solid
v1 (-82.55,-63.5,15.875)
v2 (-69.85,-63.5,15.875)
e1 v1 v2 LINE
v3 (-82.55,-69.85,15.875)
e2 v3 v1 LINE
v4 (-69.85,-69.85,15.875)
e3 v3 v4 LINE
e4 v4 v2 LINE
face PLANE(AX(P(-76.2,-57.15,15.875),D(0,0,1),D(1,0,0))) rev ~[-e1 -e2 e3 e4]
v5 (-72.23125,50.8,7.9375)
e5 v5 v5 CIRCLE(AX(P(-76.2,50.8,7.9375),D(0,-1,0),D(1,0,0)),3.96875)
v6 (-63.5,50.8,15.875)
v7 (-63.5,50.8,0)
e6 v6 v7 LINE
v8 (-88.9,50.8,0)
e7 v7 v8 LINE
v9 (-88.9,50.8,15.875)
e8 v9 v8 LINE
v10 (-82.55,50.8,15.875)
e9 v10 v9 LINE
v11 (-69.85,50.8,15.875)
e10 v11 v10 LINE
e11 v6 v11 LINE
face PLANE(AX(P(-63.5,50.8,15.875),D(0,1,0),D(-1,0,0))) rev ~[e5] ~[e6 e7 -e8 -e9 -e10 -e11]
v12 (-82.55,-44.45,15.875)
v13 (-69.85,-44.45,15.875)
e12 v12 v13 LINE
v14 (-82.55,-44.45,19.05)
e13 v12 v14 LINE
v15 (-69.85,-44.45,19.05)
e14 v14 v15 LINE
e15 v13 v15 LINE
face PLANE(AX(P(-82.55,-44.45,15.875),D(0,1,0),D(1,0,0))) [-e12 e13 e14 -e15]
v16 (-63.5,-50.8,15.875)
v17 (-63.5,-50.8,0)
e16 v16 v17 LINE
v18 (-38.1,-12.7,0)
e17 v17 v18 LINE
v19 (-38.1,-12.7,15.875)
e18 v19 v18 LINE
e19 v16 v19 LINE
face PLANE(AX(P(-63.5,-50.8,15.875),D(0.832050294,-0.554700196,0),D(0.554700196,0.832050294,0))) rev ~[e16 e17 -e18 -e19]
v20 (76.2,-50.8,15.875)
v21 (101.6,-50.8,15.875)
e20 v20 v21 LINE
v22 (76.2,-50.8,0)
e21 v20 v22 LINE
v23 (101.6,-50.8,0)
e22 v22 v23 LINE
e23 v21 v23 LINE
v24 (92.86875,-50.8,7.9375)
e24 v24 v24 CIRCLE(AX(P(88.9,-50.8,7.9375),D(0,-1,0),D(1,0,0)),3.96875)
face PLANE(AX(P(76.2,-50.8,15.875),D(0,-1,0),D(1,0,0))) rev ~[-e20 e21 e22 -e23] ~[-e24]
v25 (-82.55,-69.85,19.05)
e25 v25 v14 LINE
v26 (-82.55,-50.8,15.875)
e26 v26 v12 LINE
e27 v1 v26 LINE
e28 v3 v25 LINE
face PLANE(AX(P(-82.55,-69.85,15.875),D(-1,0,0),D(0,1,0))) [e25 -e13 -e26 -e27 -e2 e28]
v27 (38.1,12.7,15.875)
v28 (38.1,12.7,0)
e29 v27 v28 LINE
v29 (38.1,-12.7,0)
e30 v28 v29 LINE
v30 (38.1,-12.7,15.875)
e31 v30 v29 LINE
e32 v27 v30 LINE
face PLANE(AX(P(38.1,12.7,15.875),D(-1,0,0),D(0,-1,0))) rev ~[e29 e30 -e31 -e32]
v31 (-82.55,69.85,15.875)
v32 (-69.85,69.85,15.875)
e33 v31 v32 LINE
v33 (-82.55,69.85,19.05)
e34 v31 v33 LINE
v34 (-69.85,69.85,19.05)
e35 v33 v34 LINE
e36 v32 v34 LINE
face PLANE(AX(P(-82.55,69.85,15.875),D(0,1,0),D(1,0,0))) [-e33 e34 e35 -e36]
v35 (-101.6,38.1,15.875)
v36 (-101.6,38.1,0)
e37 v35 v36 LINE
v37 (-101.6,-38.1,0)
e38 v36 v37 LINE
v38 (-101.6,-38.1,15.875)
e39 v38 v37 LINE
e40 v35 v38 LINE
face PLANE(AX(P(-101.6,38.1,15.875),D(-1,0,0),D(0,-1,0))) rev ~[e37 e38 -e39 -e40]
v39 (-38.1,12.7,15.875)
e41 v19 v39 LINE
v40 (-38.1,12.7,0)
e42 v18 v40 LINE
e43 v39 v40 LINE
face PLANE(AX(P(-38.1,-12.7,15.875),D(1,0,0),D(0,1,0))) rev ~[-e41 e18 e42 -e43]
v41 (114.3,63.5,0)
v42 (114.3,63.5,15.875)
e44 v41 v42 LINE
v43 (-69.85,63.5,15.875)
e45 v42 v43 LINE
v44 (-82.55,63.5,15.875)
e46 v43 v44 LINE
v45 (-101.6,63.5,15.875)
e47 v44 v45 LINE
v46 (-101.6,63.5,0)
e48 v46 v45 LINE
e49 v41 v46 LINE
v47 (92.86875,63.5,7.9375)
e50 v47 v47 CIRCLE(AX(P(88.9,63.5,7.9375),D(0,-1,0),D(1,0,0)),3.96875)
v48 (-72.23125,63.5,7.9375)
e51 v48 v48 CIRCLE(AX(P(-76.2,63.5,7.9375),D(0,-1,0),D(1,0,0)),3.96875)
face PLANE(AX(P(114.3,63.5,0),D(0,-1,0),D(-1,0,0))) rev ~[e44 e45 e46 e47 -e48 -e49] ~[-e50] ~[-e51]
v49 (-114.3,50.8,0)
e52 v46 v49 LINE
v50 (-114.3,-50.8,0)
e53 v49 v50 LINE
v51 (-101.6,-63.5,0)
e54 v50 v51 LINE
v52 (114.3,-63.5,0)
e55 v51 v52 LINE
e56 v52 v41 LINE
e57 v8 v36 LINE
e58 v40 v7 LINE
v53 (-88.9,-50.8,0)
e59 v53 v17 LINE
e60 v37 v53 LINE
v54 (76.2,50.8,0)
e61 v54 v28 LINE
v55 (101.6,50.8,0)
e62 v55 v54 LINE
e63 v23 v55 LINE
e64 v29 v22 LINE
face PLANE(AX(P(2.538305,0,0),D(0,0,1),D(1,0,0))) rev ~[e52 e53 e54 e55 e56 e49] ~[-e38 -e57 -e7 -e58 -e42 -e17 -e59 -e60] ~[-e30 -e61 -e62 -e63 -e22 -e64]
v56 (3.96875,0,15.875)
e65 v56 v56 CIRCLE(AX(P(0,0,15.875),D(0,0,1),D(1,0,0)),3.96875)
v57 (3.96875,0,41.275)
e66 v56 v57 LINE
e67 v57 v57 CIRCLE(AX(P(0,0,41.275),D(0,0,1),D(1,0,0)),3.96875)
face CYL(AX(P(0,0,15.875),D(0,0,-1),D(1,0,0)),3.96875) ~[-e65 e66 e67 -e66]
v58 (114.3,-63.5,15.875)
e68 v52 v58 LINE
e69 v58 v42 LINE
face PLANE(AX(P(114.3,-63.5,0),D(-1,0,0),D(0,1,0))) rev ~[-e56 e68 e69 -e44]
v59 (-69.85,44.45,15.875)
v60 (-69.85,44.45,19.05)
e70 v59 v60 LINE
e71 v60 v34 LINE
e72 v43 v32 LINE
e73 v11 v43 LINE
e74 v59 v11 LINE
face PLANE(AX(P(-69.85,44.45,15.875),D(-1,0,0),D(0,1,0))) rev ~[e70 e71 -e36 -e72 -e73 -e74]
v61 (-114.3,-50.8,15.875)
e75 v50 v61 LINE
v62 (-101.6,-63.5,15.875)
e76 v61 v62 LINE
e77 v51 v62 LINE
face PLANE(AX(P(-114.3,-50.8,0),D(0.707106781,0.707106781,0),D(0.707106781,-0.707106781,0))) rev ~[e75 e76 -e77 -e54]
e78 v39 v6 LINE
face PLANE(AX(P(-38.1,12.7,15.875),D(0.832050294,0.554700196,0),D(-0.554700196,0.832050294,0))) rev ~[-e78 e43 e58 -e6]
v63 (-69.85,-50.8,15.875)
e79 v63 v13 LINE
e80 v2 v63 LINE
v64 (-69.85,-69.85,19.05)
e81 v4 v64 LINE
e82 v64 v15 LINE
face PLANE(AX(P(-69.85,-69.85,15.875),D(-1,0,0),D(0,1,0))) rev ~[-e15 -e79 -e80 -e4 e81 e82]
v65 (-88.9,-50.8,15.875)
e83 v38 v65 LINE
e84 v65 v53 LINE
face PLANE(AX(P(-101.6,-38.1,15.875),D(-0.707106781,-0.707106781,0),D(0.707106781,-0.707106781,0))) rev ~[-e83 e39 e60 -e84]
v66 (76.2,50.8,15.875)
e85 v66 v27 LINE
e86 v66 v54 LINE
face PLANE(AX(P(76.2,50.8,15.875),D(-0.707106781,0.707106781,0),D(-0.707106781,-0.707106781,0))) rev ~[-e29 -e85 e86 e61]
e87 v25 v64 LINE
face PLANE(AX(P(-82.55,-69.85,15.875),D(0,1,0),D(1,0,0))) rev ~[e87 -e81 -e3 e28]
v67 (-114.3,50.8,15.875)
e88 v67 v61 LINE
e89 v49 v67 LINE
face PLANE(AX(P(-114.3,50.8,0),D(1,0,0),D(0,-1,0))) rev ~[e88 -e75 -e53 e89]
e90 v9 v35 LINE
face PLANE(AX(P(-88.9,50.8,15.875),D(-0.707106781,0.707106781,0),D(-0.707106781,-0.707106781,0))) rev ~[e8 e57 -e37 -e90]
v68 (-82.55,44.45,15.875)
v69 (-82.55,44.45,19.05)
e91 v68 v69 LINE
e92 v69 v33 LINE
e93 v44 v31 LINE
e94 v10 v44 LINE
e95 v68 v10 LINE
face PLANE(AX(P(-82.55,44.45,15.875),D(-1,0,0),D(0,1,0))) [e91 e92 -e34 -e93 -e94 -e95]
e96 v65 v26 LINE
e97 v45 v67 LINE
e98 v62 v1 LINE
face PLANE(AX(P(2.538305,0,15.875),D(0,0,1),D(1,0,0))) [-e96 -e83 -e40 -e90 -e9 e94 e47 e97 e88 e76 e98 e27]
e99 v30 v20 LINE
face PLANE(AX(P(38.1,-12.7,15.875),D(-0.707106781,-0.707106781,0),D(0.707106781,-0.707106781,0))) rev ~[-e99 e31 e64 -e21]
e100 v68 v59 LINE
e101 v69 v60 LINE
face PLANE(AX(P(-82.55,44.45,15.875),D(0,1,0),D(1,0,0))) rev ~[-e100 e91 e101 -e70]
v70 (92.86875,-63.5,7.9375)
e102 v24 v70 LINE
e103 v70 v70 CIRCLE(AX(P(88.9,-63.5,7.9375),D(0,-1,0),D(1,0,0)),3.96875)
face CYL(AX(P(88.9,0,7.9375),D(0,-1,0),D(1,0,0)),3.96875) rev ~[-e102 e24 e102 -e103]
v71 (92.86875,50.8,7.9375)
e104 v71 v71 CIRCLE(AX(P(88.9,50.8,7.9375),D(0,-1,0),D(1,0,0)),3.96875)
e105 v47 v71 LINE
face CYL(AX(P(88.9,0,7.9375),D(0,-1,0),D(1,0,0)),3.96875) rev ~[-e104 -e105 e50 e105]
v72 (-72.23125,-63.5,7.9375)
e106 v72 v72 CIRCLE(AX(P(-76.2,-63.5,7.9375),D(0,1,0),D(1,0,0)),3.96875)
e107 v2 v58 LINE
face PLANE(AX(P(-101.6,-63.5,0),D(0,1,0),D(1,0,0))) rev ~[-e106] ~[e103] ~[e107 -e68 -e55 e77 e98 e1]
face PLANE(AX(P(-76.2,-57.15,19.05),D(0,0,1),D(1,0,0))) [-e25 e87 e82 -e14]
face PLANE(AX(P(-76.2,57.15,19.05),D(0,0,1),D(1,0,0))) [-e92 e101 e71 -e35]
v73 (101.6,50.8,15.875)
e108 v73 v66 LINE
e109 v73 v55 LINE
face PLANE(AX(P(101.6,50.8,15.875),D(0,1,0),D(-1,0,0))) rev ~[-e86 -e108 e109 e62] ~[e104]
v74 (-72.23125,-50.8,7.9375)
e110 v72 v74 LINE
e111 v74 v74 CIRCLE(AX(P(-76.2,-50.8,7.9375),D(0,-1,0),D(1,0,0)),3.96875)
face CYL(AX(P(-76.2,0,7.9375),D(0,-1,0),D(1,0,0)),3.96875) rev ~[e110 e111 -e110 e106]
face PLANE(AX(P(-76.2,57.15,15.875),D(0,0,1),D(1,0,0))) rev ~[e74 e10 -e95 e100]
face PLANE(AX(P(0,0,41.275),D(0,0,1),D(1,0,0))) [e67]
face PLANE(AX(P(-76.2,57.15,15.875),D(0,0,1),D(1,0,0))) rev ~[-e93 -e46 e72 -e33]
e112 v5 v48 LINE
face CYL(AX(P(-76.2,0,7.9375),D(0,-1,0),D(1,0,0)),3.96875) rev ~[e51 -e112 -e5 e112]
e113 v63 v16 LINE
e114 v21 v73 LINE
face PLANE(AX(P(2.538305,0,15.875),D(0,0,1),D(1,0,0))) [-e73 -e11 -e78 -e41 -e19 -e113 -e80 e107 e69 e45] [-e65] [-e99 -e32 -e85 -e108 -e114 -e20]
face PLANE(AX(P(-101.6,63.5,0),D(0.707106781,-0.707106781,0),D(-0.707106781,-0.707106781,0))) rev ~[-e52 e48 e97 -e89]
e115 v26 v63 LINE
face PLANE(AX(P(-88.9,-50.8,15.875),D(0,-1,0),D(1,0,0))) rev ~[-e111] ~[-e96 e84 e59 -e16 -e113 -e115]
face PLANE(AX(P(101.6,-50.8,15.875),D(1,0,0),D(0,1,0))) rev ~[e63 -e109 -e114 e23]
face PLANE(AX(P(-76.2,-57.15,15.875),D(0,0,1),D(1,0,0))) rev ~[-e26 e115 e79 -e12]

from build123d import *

# Parameters (mm, degrees)
F1_DEPTH  = 15.875
F2_R      = 3.96875
F3_DEPTH  = 127
F5_DEPTH  = 15.876
F7_DEPTH  = 25.4
F8_R      = 3.96875
F9_DEPTH  = 25.4
F10_W     = 12.7
F10_H     = 25.4
F11_DEPTH = 3.175


with BuildPart() as f1:
    # F0 (on Top) → F1 (new body)
    with BuildSketch(Plane.XY):
        Polygon((-101.6, 63.5), (-114.3, 50.8), (-114.3, -50.8), (-101.6, -63.5), (114.3, -63.5), (114.3, 63.5), align=None)
    extrude(amount=F1_DEPTH)

    # F2 (on Front) → F3 (cut, symmetric)
    with BuildSketch(Plane.XZ):
        with Locations((-76.2, 7.9375)):
            Circle(F2_R)
        with Locations((88.9, 7.9375)):
            Circle(F2_R)
    extrude(amount=F3_DEPTH, both=True, mode=Mode.SUBTRACT)

    # F4 (on face) → F5 (cut, through all)
    with BuildSketch(Plane.XY.offset(15.875)):
        Polygon((76.2, 50.8), (38.1, 12.7), (38.1, -12.7), (76.2, -50.8), (101.6, -50.8), (101.6, 50.8), align=None)
    extrude(amount=-F5_DEPTH, mode=Mode.SUBTRACT)

    # F6 (on face) → F7 (cut)
    with BuildSketch(Plane.XY.offset(15.875)):
        Polygon((-38.1, -12.7), (-38.1, 12.7), (-63.5, 50.8), (-88.9, 50.8), (-101.6, 38.1), (-101.6, -38.1), (-88.9, -50.8), (-63.5, -50.8), align=None)
    extrude(amount=-F7_DEPTH, mode=Mode.SUBTRACT)

    # F8 (on face) → F9 (join)
    with BuildSketch(Plane.XY.offset(15.875)):
        Circle(F8_R)
    extrude(amount=F9_DEPTH)

    # F10 (on face) → F11 (join)
    with BuildSketch(Plane.XY.offset(15.875)):
        with Locations((-76.2, 57.15)):
            Rectangle(F10_W, F10_H)
        with Locations((-76.2, -57.15)):
            Rectangle(F10_W, F10_H)
    extrude(amount=F11_DEPTH)


solid = f1.part
